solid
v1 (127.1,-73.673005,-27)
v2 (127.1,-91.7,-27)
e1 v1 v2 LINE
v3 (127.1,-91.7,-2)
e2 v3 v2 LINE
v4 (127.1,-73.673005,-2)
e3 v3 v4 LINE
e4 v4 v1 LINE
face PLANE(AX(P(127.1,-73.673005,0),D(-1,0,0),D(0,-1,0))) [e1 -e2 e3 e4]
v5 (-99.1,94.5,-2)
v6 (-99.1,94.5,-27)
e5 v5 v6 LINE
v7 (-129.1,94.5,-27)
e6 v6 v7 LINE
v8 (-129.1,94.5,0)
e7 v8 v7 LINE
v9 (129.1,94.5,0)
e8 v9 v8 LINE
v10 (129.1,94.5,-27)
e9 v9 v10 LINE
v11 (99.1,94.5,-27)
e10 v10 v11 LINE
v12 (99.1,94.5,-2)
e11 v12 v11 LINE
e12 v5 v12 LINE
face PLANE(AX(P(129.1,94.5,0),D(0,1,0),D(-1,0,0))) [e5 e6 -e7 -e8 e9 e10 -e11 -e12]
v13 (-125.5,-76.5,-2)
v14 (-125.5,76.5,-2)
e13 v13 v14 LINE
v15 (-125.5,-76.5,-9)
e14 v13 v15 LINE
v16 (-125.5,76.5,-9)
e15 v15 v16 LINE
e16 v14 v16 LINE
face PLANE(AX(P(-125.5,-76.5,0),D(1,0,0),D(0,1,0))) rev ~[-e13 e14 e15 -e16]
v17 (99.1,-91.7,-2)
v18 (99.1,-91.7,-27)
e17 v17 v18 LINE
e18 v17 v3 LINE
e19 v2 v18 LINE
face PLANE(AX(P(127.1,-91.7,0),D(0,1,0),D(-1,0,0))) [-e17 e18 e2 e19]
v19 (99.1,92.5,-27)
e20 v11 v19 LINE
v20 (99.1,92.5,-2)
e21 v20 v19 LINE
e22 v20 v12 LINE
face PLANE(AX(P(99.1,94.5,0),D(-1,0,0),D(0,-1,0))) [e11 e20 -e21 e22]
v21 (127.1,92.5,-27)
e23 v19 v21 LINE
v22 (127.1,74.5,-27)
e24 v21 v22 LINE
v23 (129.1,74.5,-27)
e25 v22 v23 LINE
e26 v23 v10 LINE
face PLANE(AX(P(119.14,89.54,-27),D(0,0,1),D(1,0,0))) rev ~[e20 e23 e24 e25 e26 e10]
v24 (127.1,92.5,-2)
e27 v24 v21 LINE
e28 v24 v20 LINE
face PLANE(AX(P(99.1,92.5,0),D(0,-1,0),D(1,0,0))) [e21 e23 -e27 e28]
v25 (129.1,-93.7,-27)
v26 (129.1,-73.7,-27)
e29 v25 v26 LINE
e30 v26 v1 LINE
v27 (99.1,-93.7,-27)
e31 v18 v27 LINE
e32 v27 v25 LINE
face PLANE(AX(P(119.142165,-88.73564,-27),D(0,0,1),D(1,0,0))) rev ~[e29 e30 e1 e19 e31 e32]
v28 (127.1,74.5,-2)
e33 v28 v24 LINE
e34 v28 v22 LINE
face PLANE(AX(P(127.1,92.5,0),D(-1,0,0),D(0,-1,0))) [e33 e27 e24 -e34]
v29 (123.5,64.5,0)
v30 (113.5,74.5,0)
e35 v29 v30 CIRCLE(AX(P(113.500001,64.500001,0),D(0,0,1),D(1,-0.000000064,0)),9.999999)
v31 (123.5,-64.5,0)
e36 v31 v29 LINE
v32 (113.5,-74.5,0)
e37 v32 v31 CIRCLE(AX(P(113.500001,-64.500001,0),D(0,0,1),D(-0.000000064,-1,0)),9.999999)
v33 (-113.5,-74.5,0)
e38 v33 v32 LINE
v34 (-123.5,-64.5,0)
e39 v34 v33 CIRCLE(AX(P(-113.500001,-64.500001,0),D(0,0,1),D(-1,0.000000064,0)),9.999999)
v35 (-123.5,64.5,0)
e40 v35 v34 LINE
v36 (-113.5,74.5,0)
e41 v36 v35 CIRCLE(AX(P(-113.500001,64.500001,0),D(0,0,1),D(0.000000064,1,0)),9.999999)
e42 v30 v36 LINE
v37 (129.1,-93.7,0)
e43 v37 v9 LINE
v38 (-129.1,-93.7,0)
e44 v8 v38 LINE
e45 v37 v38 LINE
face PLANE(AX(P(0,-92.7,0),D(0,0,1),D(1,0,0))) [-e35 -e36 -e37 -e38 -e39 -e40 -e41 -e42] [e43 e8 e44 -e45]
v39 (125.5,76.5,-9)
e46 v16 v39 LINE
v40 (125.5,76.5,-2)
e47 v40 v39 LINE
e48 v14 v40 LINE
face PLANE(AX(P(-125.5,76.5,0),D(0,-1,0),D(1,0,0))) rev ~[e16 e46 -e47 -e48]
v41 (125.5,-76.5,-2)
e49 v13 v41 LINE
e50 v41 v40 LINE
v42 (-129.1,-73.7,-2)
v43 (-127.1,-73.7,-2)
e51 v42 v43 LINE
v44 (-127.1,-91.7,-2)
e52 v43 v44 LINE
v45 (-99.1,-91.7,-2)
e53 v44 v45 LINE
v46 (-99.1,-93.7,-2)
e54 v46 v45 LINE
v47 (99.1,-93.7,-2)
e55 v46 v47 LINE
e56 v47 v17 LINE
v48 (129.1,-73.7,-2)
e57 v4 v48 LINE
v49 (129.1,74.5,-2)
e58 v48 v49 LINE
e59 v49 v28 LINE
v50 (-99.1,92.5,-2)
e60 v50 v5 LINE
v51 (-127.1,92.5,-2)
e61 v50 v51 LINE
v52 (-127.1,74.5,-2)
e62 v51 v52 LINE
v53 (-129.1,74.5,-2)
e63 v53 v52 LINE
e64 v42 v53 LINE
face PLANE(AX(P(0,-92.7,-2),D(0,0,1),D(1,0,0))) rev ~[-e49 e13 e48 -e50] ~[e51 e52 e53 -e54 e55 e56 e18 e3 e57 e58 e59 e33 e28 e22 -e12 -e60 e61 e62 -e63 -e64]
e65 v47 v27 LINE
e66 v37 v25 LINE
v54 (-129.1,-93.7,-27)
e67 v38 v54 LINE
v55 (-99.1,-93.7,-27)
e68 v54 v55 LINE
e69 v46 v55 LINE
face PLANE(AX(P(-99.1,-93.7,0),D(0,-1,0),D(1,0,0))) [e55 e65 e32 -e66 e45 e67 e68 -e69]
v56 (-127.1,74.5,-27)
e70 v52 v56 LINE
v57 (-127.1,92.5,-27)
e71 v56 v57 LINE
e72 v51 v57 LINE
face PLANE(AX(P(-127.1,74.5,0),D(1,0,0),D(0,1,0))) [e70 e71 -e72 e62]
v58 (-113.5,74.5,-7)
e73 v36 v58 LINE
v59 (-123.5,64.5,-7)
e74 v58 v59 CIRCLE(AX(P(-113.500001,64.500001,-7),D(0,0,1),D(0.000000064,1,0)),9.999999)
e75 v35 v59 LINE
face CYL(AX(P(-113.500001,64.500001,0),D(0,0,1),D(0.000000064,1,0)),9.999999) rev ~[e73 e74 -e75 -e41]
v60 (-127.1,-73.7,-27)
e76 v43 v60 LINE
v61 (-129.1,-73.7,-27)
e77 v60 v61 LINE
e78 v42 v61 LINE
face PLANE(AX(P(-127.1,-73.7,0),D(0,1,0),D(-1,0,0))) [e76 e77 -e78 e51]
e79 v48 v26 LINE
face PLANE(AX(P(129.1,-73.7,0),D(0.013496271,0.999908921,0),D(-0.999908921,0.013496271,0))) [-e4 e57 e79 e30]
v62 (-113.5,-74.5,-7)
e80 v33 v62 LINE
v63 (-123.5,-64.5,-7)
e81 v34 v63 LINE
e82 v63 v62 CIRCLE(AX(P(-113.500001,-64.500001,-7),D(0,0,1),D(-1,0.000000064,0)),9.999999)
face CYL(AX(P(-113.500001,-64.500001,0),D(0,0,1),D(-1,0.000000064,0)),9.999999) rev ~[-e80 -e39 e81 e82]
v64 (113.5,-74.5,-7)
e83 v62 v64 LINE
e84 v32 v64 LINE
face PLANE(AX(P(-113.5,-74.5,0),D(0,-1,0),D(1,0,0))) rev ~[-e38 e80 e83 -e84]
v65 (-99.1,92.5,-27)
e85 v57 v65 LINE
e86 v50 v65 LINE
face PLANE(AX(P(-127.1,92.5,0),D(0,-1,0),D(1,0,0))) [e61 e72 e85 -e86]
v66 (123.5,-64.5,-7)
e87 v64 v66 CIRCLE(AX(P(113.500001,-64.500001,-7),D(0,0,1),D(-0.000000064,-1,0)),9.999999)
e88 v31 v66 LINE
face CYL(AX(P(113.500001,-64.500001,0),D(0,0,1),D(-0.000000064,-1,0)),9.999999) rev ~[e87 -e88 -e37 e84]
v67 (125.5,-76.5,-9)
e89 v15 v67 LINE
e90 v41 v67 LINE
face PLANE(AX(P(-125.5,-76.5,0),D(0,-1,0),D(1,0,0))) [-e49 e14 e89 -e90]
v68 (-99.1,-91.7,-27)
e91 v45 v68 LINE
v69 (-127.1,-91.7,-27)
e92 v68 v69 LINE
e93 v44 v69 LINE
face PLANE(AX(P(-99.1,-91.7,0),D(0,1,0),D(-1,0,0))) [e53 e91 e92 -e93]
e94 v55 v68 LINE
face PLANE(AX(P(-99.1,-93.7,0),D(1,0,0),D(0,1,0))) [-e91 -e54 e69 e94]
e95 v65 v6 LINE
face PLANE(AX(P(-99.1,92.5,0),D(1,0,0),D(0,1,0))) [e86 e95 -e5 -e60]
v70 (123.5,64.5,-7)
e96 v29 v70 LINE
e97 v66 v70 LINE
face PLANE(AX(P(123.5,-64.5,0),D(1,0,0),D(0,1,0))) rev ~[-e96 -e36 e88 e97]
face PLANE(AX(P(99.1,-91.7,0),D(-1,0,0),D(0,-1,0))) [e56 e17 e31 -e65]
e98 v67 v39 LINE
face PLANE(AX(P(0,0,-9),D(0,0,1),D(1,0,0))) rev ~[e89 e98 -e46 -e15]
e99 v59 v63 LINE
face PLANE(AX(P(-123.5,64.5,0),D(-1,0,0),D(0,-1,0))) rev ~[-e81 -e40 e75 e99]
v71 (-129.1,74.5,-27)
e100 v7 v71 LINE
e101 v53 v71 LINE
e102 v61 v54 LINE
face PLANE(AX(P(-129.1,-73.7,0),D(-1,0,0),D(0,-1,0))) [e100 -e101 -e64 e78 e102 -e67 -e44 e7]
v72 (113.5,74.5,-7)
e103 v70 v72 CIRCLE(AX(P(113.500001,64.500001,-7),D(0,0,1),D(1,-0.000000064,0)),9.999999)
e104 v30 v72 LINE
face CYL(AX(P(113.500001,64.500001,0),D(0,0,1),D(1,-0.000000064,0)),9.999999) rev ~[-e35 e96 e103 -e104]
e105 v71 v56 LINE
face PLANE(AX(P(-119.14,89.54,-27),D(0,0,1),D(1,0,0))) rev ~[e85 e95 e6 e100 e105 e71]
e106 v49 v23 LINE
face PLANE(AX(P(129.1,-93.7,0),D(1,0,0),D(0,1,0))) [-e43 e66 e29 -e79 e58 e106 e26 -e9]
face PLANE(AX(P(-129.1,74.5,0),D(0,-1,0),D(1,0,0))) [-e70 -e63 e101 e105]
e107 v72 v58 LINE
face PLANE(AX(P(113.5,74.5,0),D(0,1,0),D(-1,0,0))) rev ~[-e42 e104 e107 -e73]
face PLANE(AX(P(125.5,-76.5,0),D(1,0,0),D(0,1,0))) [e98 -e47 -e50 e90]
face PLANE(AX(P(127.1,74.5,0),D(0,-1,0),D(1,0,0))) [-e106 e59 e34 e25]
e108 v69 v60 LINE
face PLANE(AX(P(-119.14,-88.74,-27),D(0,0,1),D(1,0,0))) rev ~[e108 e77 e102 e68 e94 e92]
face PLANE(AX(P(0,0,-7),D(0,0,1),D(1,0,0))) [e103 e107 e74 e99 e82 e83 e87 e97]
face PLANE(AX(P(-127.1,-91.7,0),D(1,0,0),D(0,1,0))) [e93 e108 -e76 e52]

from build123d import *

# Parameters (mm, degrees)
F1_DEPTH = 27
F0_W     = 251
F0_H     = 153
F2_DEPTH = 2
F0_W_2   = 198.2
F0_H_2   = 2
F0_W_3   = 2
F0_H_3   = 148.2
F3_DEPTH = 2
F4_DEPTH = 9
F5_DEPTH = 7


with BuildPart() as f1:
    # F0 (on Top) → F1 (new body)
    with BuildSketch(Plane.XY):
        Polygon((99.1, 94.5), (99.1, 92.5), (127.1, 92.5), (127.1, 74.5), (129.1, 74.5), (129.1, 94.5), align=None)
        Polygon((129.1, -73.7), (127.1, -73.673005), (127.1, -91.7), (99.1, -91.7), (99.1, -93.7), (129.1, -93.7), align=None)
        Polygon((-127.1, -91.7), (-127.1, -73.7), (-129.1, -73.7), (-129.1, -93.7), (-99.1, -93.7), (-99.1, -91.7), align=None)
        Polygon((-127.1, 74.5), (-127.1, 92.5), (-99.1, 92.5), (-99.1, 94.5), (-129.1, 94.5), (-129.1, 74.5), align=None)
    extrude(amount=-F1_DEPTH)

    # F0 (on Top) → F2 (join)
    with BuildSketch(Plane.XY):
        Polygon((-99.1, 92.5), (-127.1, 92.5), (-127.1, 74.5), (-127.1, -73.7), (-127.1, -91.7), (-99.1, -91.7), (99.1, -91.7), (127.1, -91.7), (127.1, -73.673005), (127.1, 74.5), (127.1, 92.5), (99.1, 92.5), align=None)
        Rectangle(F0_W, F0_H, mode=Mode.SUBTRACT)
        Rectangle(F0_W, F0_H)
        with BuildLine():
            ThreePointArc((-123.5, 64.5), (-120.571068, 71.571068), (-113.5, 74.5))
            Line((-113.5, 74.5), (113.5, 74.5))
            ThreePointArc((113.5, 74.5), (120.571068, 71.571068), (123.5, 64.5))
            Line((123.5, 64.5), (123.5, -64.5))
            ThreePointArc((123.5, -64.5), (120.571068, -71.571068), (113.5, -74.5))
            Line((113.5, -74.5), (-113.5, -74.5))
            ThreePointArc((-113.5, -74.5), (-120.571068, -71.571068), (-123.5, -64.5))
            Line((-123.5, -64.5), (-123.5, 64.5))
        make_face(mode=Mode.SUBTRACT)
    extrude(amount=-F2_DEPTH)

    # F0 (on Top) → F3 (join)
    with BuildSketch(Plane.XY):
        with Locations((0, -92.7)):
            Rectangle(F0_W_2, F0_H_2)
        with Locations((0, 93.5)):
            Rectangle(F0_W_2, F0_H_2)
        with Locations((-128.1, 0.4)):
            Rectangle(F0_W_3, F0_H_3)
        Polygon((129.1, 74.5), (127.1, 74.5), (127.1, -73.673005), (129.1, -73.7), align=None)
    extrude(amount=-F3_DEPTH)

    # F0 (on Top) → F4 (join)
    with BuildSketch(Plane.XY):
        Rectangle(F0_W, F0_H)
        with BuildLine():
            ThreePointArc((-123.5, 64.5), (-120.571068, 71.571068), (-113.5, 74.5))
            Line((-113.5, 74.5), (113.5, 74.5))
            ThreePointArc((113.5, 74.5), (120.571068, 71.571068), (123.5, 64.5))
            Line((123.5, 64.5), (123.5, -64.5))
            ThreePointArc((123.5, -64.5), (120.571068, -71.571068), (113.5, -74.5))
            Line((113.5, -74.5), (-113.5, -74.5))
            ThreePointArc((-113.5, -74.5), (-120.571068, -71.571068), (-123.5, -64.5))
            Line((-123.5, -64.5), (-123.5, 64.5))
        make_face(mode=Mode.SUBTRACT)
        with BuildLine():
            Line((113.5, 74.5), (-113.5, 74.5))
            ThreePointArc((-113.5, 74.5), (-120.571068, 71.571068), (-123.5, 64.5))
            Line((-123.5, 64.5), (-123.5, -64.5))
            ThreePointArc((-123.5, -64.5), (-120.571068, -71.571068), (-113.5, -74.5))
            Line((-113.5, -74.5), (113.5, -74.5))
            ThreePointArc((113.5, -74.5), (120.571068, -71.571068), (123.5, -64.5))
            Line((123.5, -64.5), (123.5, 64.5))
            ThreePointArc((123.5, 64.5), (120.571068, 71.571068), (113.5, 74.5))
        make_face()
    extrude(amount=-F4_DEPTH)

    # F0 (on Top) → F5 (cut)
    with BuildSketch(Plane.XY):
        with BuildLine():
            Line((113.5, 74.5), (-113.5, 74.5))
            ThreePointArc((-113.5, 74.5), (-120.571068, 71.571068), (-123.5, 64.5))
            Line((-123.5, 64.5), (-123.5, -64.5))
            ThreePointArc((-123.5, -64.5), (-120.571068, -71.571068), (-113.5, -74.5))
            Line((-113.5, -74.5), (113.5, -74.5))
            ThreePointArc((113.5, -74.5), (120.571068, -71.571068), (123.5, -64.5))
            Line((123.5, -64.5), (123.5, 64.5))
            ThreePointArc((123.5, 64.5), (120.571068, 71.571068), (113.5, 74.5))
        make_face()
    extrude(amount=-F5_DEPTH, mode=Mode.SUBTRACT)


solid = f1.part
